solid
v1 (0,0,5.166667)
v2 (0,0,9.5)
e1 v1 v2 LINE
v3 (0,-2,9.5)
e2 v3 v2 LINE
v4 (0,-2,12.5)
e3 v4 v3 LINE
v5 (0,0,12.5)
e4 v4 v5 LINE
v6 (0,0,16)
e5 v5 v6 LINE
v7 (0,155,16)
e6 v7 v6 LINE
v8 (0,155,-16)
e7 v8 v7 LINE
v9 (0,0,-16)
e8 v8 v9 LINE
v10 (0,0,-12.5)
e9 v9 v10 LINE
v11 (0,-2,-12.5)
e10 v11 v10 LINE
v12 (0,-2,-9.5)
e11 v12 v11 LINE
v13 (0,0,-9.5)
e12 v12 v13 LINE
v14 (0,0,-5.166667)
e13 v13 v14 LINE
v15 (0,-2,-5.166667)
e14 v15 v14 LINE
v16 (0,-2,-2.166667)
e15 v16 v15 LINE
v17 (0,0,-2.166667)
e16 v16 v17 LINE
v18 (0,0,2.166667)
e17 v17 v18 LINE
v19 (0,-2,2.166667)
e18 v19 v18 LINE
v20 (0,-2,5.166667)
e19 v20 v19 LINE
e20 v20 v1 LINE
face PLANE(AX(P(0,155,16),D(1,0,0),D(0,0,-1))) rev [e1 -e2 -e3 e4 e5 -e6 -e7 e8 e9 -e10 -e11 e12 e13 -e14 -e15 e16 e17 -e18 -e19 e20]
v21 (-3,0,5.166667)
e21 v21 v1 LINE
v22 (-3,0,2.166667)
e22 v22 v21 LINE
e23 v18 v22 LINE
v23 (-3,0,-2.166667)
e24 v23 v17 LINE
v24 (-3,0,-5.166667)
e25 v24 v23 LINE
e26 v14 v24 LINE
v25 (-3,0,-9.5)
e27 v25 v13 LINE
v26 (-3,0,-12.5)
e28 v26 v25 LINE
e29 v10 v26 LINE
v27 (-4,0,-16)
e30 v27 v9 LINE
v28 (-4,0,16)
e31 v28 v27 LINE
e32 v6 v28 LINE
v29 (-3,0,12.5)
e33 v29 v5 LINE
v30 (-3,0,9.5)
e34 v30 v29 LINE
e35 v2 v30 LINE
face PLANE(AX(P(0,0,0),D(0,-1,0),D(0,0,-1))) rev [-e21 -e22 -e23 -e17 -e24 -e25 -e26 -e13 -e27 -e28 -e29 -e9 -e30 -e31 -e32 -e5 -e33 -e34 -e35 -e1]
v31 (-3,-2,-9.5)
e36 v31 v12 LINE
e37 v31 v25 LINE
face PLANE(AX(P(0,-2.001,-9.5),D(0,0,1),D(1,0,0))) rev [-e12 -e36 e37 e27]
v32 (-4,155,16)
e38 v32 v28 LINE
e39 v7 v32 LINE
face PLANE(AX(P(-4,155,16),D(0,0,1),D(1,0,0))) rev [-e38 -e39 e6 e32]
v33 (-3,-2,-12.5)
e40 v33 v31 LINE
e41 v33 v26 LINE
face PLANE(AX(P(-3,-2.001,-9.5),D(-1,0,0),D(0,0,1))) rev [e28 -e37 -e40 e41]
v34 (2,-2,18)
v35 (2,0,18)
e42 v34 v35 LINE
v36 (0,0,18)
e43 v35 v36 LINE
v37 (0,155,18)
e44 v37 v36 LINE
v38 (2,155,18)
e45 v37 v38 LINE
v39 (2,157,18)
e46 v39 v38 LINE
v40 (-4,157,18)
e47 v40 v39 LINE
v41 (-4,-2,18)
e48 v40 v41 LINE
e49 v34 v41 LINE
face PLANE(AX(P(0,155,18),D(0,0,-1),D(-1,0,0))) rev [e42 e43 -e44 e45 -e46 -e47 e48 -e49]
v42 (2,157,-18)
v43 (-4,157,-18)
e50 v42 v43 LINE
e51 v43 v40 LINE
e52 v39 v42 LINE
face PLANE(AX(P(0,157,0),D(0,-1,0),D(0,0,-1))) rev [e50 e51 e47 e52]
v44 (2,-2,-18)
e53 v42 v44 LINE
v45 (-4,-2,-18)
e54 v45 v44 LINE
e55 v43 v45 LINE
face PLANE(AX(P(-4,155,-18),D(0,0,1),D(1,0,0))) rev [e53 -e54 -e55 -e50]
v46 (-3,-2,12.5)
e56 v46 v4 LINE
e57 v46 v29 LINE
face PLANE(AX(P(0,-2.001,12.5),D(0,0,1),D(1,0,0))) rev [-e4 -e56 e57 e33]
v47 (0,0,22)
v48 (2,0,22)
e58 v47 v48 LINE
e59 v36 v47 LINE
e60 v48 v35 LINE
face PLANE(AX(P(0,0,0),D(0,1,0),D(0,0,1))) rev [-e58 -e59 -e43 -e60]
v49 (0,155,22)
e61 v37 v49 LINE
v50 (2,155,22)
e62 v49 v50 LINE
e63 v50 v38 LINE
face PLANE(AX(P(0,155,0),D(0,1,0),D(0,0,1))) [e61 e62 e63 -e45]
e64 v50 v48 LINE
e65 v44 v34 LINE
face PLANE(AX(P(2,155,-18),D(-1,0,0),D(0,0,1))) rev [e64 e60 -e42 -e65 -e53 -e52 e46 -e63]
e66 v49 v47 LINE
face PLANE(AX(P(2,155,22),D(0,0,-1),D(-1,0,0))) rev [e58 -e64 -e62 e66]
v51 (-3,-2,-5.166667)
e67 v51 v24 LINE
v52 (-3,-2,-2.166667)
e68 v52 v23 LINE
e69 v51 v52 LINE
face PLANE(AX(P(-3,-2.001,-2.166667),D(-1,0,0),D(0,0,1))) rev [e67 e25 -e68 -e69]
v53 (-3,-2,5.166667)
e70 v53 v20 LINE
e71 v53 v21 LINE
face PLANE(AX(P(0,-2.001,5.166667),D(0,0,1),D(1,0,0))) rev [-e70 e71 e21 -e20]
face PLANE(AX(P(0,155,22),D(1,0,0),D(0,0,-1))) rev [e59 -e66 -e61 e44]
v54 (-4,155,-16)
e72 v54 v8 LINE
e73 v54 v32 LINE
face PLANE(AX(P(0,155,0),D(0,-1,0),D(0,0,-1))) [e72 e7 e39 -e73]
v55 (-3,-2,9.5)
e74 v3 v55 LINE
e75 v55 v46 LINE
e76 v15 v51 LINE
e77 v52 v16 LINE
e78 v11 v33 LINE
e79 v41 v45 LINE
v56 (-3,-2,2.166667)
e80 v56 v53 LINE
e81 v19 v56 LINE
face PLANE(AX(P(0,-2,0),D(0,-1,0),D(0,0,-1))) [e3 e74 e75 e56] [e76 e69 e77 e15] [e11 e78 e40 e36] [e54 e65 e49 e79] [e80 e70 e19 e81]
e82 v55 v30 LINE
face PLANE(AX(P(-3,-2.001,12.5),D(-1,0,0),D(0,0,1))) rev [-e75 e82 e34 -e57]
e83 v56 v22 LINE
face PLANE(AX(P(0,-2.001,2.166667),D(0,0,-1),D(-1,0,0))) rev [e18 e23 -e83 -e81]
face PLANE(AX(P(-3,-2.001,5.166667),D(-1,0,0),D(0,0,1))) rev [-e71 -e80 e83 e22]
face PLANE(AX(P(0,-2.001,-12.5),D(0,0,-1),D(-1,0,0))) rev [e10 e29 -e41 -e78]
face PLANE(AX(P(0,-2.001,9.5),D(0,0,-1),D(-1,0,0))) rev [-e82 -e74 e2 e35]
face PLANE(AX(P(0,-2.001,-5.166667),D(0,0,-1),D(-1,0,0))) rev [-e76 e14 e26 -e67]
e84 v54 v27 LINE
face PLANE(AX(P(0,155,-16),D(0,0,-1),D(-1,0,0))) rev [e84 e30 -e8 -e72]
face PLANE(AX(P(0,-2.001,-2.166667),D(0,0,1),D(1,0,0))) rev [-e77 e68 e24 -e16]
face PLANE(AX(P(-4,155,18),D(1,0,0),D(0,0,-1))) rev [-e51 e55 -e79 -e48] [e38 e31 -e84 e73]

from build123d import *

# Parameters (mm, degrees)
BOSS_EXTRUDE1_DEPTH = 155
SKETCH2_W           = 6
SKETCH2_H           = 36
BOSS_EXTRUDE2_DEPTH = 2
SKETCH3_W           = 6
SKETCH3_H           = 36
BOSS_EXTRUDE3_DEPTH = 2
CUT_EXTRUDE1_REACH  = 160.584
SKETCH4_W           = 3
SKETCH4_H           = 3


with BuildPart() as part:
    # Sketch1 → Boss-Extrude1 (new body)
    with BuildSketch(Plane(origin=(0, 0, 0), x_dir=(1, 0, 0), z_dir=(0, 1, 0))):
        Polygon((0, -16), (0, 16), (-4, 16), (-4, 18), (2, 18), (2, -18), (2, -22), (0, -22), (0, -18), (-4, -18), (-4, -16), align=None)
    extrude(amount=BOSS_EXTRUDE1_DEPTH)

    # Sketch2 → Boss-Extrude2 (add)
    with BuildSketch(Plane(origin=(0, 155, 0), x_dir=(1, 0, 0), z_dir=(0, 1, 0))):
        with Locations((-1, 0)):
            Rectangle(SKETCH2_W, SKETCH2_H)
    extrude(amount=BOSS_EXTRUDE2_DEPTH)

    # Sketch3 → Boss-Extrude3 (add)
    with BuildSketch(Plane.XZ):
        with Locations((-1, 0)):
            Rectangle(SKETCH3_W, SKETCH3_H)
    extrude(amount=BOSS_EXTRUDE3_DEPTH)

    # Sketch4 → Cut-Extrude1 (cut, up to next)
    with BuildSketch(Plane(origin=(0, 0, 0), x_dir=(1, 0, 0), z_dir=(0, 1, 0)), mode=Mode.PRIVATE) as cut_extrude1_sk1:
        with Locations((-1.5, -11)):
            Rectangle(SKETCH4_W, SKETCH4_H)
    cut_extrude1_tool1 = extrude(cut_extrude1_sk1.sketch, amount=-CUT_EXTRUDE1_REACH, mode=Mode.PRIVATE) & part.part
    # Sketch4 → Cut-Extrude1 (cut, up to next)
    with BuildSketch(Plane(origin=(0, 0, 0), x_dir=(1, 0, 0), z_dir=(0, 1, 0)), mode=Mode.PRIVATE) as cut_extrude1_sk2:
        with Locations((-1.5, -3.666666667)):
            Rectangle(SKETCH4_W, SKETCH4_H)
    cut_extrude1_tool2 = extrude(cut_extrude1_sk2.sketch, amount=-CUT_EXTRUDE1_REACH, mode=Mode.PRIVATE) & part.part
    # Sketch4 → Cut-Extrude1 (cut, up to next)
    with BuildSketch(Plane(origin=(0, 0, 0), x_dir=(1, 0, 0), z_dir=(0, 1, 0)), mode=Mode.PRIVATE) as cut_extrude1_sk3:
        with Locations((-1.5, 3.666666667)):
            Rectangle(SKETCH4_W, SKETCH4_H)
    cut_extrude1_tool3 = extrude(cut_extrude1_sk3.sketch, amount=-CUT_EXTRUDE1_REACH, mode=Mode.PRIVATE) & part.part
    # Sketch4 → Cut-Extrude1 (cut, up to next)
    with BuildSketch(Plane(origin=(0, 0, 0), x_dir=(1, 0, 0), z_dir=(0, 1, 0)), mode=Mode.PRIVATE) as cut_extrude1_sk4:
        with Locations((-1.5, 11)):
            Rectangle(SKETCH4_W, SKETCH4_H)
    cut_extrude1_tool4 = extrude(cut_extrude1_sk4.sketch, amount=-CUT_EXTRUDE1_REACH, mode=Mode.PRIVATE) & part.part
    add(cut_extrude1_tool1.solids().sort_by_distance((-1.5, 0, 11))[0], mode=Mode.SUBTRACT)
    add(cut_extrude1_tool2.solids().sort_by_distance((-1.5, 0, 3.666667))[0], mode=Mode.SUBTRACT)
    add(cut_extrude1_tool3.solids().sort_by_distance((-1.5, 0, -3.666667))[0], mode=Mode.SUBTRACT)
    add(cut_extrude1_tool4.solids().sort_by_distance((-1.5, 0, -11))[0], mode=Mode.SUBTRACT)


solid = part.part
